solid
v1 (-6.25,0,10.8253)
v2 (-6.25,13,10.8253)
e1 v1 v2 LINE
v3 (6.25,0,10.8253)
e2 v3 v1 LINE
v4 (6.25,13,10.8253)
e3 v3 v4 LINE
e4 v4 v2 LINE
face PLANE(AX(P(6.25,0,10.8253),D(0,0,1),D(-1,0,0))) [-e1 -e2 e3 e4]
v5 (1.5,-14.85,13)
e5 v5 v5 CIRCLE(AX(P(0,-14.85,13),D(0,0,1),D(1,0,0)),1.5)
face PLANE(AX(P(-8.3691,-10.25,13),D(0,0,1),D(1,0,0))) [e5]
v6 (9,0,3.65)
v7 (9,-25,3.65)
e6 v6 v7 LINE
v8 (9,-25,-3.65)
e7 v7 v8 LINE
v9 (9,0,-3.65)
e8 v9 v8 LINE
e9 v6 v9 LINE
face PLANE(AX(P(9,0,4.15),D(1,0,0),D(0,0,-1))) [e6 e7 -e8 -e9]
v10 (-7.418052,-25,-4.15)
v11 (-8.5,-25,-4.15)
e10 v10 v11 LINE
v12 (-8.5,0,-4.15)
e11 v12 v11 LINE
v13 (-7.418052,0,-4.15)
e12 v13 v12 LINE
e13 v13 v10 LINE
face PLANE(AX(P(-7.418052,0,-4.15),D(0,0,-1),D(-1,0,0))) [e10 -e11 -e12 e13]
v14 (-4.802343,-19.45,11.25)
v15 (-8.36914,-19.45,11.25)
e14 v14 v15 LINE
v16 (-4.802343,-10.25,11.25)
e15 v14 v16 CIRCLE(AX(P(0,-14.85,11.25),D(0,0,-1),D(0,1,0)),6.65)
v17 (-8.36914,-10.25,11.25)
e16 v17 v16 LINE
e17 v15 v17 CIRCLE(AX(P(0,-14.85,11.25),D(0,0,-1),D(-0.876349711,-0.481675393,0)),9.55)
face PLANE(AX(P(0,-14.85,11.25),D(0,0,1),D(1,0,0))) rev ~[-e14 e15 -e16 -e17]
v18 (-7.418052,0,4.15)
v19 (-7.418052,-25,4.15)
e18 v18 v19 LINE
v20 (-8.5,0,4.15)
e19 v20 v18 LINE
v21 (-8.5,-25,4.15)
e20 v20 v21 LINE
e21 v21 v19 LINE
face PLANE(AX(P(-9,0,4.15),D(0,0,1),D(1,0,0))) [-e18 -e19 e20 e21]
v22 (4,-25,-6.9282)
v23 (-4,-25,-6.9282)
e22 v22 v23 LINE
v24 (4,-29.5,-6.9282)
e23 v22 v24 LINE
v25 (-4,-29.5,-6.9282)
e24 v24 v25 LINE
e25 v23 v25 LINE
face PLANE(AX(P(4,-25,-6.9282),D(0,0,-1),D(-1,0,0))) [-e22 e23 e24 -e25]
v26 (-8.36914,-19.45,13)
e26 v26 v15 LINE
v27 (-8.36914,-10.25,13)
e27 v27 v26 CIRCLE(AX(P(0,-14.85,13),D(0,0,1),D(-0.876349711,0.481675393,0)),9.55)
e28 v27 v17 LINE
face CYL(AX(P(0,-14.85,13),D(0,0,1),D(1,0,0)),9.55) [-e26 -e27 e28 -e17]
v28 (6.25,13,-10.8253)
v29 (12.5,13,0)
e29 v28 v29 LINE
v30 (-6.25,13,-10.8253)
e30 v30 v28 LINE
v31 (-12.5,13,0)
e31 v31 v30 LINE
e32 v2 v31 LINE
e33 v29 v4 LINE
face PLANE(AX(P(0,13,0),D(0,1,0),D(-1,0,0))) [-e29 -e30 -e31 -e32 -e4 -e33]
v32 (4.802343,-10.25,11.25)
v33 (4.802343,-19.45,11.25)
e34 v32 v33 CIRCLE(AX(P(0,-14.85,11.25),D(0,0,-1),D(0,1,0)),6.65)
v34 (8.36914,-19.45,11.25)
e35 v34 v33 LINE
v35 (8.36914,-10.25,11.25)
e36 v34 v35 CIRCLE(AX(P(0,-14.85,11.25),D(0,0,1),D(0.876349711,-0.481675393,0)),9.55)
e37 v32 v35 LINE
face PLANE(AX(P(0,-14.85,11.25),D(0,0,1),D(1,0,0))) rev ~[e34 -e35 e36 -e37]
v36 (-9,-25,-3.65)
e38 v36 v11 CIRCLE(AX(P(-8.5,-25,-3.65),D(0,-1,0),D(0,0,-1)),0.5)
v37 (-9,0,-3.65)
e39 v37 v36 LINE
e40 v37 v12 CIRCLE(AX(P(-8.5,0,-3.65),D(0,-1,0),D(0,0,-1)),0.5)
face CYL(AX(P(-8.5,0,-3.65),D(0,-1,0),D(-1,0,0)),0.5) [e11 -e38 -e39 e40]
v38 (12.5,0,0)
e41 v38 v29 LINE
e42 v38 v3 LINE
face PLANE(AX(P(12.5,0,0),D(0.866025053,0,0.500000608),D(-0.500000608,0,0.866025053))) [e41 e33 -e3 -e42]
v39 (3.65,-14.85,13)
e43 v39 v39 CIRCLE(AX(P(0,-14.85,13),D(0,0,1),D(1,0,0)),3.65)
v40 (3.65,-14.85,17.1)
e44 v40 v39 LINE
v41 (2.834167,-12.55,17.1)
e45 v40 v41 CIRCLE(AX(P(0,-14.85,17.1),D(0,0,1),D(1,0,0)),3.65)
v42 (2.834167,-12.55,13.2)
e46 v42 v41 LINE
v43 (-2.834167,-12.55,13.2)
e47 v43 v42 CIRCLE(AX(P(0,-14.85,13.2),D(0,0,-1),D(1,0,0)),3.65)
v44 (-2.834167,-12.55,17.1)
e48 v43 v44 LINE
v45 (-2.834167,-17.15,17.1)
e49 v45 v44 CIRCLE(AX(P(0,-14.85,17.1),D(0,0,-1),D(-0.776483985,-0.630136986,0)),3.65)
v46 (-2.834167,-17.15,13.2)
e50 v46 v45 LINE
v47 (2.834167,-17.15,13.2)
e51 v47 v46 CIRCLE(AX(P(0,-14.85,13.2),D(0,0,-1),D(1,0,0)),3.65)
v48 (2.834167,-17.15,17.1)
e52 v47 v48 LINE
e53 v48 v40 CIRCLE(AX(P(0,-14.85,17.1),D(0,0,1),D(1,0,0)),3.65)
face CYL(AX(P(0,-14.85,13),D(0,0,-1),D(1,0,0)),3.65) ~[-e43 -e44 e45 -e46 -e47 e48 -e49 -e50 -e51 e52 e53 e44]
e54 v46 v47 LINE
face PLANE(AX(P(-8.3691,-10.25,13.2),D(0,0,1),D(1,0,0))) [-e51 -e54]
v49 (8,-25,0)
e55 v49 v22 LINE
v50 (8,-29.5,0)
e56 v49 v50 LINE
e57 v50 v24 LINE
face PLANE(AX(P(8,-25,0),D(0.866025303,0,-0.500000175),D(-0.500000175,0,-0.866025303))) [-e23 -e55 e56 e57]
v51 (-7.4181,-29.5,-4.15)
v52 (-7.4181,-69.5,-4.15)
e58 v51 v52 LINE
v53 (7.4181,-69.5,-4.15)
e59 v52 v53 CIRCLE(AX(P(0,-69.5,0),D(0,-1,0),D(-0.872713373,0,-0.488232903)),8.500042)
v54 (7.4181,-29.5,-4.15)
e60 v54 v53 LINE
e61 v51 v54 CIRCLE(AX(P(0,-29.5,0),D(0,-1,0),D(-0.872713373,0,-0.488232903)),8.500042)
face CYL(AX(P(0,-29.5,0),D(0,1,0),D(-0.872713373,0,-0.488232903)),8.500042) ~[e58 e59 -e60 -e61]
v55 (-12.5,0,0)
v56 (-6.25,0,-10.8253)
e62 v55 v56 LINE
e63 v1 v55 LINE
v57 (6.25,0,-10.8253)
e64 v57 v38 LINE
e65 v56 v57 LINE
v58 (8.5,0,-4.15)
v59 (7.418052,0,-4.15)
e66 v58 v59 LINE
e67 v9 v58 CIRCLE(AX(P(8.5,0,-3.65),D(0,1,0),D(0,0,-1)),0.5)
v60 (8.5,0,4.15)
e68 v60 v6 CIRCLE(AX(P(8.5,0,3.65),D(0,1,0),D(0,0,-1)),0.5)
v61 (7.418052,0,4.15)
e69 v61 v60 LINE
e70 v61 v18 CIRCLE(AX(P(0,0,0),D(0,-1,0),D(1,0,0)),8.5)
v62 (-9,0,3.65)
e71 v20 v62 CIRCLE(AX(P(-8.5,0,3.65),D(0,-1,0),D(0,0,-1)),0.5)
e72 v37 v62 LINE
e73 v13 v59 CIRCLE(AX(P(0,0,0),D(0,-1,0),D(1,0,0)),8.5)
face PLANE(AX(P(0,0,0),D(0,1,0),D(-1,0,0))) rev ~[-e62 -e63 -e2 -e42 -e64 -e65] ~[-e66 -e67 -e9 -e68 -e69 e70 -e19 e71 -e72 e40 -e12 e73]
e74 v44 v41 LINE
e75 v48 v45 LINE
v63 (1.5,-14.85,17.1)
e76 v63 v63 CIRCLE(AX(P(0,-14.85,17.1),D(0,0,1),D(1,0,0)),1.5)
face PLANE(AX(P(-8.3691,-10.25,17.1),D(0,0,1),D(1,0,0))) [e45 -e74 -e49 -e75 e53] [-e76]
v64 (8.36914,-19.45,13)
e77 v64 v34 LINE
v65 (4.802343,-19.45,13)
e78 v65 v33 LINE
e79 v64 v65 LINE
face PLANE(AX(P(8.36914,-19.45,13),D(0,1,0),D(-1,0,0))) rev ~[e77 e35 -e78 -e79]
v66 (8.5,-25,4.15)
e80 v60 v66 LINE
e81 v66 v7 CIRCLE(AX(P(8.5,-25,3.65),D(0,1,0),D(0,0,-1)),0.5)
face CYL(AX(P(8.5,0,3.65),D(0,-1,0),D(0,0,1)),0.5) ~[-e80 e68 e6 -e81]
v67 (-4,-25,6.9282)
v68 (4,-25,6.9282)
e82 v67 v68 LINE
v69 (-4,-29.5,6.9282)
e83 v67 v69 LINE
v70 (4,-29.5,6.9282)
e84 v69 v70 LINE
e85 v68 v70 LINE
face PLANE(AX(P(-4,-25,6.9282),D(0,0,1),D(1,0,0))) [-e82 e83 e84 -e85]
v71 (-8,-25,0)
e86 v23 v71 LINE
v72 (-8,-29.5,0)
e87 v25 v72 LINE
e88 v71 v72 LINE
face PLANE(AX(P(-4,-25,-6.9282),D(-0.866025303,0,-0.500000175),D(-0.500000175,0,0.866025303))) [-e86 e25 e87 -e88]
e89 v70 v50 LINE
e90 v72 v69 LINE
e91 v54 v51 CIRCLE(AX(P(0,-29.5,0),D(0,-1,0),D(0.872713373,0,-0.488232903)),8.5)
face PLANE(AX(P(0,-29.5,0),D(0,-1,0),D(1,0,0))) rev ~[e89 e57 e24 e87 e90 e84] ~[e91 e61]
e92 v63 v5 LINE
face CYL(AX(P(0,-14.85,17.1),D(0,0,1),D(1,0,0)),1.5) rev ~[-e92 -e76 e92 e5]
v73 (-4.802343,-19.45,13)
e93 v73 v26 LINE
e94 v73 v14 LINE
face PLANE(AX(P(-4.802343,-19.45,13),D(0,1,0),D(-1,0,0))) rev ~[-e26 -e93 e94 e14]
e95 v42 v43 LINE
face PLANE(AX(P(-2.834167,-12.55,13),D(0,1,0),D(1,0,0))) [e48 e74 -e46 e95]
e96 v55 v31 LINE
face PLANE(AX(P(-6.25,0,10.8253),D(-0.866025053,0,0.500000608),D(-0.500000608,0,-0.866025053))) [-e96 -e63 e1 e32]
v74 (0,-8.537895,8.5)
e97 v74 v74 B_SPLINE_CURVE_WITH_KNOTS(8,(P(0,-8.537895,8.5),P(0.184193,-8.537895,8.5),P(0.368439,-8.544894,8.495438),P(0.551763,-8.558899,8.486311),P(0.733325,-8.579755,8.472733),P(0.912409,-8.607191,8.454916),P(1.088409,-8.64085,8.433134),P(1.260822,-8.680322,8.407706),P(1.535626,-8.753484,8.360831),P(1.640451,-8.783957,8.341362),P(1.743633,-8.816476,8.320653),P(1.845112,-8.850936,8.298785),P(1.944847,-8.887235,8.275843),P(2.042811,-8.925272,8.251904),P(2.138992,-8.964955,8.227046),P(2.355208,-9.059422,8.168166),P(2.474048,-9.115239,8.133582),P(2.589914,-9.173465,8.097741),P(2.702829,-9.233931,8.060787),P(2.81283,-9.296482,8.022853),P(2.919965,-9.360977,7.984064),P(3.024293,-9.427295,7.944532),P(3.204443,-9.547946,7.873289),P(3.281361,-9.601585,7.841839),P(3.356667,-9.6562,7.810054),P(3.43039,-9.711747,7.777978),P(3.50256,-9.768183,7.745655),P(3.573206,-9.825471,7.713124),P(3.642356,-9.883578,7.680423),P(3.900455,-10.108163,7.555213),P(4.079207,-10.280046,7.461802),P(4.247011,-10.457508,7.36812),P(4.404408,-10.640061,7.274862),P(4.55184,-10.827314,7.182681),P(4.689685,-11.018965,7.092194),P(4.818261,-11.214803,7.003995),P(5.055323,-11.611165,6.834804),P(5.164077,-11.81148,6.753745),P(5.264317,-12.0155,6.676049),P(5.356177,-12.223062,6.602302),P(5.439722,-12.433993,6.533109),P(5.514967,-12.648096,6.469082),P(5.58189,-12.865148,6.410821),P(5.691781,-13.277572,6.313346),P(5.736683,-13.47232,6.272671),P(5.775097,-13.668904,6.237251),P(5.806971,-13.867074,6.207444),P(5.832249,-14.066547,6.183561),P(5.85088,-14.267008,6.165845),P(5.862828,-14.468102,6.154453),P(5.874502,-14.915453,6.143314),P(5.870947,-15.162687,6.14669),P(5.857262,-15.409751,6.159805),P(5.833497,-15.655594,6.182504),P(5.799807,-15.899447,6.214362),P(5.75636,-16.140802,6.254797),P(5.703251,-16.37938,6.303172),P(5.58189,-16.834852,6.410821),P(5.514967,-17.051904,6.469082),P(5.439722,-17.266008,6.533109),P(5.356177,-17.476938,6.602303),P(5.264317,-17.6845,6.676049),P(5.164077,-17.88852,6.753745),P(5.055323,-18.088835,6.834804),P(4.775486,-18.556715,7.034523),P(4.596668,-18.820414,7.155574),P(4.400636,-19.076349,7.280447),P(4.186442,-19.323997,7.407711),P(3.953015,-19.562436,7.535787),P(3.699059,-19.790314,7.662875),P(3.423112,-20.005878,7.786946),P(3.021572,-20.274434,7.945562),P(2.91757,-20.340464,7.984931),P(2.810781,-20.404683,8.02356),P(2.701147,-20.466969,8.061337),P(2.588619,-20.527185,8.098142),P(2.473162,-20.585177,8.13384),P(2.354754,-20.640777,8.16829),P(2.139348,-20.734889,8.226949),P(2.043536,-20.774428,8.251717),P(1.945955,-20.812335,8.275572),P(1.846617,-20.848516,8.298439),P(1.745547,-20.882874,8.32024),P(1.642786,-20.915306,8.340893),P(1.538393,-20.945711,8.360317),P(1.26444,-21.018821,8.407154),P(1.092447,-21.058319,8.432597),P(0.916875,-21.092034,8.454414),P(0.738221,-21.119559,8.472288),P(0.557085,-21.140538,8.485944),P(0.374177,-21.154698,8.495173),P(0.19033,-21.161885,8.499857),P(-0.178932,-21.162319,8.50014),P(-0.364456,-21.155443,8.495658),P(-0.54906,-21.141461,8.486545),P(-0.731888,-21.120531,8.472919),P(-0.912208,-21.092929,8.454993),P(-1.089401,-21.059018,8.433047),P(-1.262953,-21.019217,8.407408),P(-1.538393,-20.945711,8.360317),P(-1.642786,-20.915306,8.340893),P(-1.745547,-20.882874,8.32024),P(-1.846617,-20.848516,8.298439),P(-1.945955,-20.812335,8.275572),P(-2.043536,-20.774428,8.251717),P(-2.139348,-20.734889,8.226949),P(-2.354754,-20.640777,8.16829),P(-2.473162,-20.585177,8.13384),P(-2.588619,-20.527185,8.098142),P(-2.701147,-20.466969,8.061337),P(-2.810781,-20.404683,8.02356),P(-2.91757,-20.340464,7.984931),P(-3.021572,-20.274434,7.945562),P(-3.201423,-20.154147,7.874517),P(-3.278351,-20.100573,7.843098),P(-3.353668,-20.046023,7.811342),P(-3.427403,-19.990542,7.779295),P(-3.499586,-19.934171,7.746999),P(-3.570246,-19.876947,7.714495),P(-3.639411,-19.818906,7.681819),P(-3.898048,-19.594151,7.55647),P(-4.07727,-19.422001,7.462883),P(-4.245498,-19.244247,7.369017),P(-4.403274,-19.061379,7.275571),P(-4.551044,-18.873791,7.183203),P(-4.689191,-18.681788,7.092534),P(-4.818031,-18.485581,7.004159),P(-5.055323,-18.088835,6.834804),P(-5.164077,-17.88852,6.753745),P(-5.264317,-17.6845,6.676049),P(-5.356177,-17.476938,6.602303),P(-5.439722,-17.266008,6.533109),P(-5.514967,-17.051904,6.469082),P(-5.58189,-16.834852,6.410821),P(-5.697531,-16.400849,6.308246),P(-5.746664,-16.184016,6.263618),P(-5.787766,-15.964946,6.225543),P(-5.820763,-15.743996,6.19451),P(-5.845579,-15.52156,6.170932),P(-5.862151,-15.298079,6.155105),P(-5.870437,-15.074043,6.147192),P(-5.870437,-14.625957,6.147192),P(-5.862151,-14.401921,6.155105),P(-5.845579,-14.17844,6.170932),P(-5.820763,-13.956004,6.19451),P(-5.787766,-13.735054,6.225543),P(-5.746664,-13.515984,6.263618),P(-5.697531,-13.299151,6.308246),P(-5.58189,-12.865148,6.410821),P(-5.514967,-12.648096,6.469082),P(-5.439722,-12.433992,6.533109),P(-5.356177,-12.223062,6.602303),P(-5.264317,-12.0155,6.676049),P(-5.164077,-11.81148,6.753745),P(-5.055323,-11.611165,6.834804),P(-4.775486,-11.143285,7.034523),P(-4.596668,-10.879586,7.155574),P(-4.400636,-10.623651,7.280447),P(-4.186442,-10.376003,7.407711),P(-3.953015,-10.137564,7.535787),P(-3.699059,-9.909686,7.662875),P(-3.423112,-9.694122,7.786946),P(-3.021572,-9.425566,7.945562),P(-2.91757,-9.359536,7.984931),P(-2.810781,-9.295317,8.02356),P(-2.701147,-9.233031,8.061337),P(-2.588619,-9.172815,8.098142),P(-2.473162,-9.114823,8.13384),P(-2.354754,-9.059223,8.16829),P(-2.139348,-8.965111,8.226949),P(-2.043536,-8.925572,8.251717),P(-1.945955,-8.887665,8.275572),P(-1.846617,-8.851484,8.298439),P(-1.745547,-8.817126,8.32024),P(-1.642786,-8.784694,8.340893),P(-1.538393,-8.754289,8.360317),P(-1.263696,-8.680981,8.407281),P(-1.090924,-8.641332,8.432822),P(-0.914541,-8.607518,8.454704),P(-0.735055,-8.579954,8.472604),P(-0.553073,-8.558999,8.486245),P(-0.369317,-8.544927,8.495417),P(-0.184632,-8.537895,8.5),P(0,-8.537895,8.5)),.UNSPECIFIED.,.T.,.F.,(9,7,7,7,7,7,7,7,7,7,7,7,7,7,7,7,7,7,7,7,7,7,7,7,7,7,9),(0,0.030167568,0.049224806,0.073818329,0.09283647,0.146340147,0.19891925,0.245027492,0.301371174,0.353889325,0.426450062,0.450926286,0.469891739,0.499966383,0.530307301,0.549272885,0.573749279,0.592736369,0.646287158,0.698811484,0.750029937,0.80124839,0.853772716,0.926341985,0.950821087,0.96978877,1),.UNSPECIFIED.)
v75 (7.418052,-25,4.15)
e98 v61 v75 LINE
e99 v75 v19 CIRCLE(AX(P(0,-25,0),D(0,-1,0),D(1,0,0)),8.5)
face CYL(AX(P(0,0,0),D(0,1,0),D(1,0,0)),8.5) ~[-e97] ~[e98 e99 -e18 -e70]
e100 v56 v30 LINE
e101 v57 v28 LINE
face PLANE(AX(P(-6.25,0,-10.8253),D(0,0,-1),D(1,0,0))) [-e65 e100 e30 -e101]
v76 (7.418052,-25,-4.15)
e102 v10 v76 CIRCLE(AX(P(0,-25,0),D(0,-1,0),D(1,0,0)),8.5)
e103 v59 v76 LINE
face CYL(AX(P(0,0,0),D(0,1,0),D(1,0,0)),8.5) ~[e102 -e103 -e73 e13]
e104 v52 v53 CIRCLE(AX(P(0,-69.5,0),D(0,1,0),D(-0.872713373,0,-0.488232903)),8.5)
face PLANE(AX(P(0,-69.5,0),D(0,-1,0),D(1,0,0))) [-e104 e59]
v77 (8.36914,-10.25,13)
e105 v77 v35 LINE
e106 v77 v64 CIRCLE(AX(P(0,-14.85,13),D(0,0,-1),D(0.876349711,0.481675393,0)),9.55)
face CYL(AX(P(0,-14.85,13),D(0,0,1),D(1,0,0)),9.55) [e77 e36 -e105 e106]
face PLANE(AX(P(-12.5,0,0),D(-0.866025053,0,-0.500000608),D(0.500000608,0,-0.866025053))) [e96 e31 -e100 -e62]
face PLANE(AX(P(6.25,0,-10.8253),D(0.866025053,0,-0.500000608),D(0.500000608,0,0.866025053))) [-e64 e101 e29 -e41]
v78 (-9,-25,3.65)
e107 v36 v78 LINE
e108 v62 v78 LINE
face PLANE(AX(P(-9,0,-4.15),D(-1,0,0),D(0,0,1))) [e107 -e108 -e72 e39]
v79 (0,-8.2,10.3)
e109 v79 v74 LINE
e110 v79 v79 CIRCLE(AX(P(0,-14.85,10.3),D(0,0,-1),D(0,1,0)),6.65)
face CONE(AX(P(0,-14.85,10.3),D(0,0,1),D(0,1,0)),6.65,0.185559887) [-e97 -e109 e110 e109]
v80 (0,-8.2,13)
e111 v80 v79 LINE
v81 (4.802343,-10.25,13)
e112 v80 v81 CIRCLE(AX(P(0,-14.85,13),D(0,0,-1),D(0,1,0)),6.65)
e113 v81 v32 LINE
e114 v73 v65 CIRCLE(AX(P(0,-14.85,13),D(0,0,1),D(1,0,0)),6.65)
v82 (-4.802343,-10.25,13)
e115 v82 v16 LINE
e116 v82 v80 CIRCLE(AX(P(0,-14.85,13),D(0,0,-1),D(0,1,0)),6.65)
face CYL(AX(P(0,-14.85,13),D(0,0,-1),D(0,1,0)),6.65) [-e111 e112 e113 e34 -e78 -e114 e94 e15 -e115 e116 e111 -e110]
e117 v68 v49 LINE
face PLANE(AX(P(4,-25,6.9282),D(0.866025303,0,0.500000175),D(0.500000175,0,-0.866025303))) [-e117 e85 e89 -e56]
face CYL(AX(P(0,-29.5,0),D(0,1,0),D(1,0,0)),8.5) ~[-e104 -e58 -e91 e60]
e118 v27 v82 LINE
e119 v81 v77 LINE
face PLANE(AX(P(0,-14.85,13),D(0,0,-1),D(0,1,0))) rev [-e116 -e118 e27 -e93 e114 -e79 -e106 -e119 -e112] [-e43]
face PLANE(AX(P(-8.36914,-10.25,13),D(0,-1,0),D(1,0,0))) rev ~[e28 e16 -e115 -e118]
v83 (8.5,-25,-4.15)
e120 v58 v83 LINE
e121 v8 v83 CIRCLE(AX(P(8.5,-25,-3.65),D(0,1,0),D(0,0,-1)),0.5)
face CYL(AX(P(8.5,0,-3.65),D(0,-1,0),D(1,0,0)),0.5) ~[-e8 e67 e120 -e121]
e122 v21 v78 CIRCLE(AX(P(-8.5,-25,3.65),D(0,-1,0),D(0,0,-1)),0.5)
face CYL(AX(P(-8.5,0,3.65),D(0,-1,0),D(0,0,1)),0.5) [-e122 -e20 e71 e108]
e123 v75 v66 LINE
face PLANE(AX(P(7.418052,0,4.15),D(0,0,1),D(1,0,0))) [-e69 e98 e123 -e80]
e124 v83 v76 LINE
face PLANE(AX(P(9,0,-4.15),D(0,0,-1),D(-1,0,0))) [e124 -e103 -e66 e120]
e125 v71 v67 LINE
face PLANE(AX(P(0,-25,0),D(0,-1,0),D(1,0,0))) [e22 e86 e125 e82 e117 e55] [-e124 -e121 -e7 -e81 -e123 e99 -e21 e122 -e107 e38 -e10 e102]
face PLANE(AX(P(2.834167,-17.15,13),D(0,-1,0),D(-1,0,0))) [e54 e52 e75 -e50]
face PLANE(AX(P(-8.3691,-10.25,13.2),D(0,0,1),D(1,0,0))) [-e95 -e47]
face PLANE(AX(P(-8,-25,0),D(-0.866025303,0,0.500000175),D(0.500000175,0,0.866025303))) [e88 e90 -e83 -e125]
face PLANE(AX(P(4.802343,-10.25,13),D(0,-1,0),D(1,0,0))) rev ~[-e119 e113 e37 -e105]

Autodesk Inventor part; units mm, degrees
ref_plane "YZ Plane" through (0, 0, 0) normal (1, 0, 0) x (0, 1, 0)
ref_plane "XZ Plane" through (0, 0, 0) normal (0, 1, 0) x (-1, 0, 0)
ref_plane "XY Plane" through (0, 0, 0) normal (0, 0, 1) x (1, 0, 0)
sketch "스케치1" plane through (0, 0, 0) normal (0, 1, 0) x (-1, 0, 0)
  line L0 (12.5, 0) -> (6.25, -10.8253)
  line L1 (6.25, -10.8253) -> (-6.25, -10.8253)
  line L2 (-6.25, -10.8253) -> (-12.5, 0)
  line L3 (-12.5, 0) -> (-6.25, 10.8253)
  line L4 (-6.25, 10.8253) -> (6.25, 10.8253)
  line L5 (6.25, 10.8253) -> (12.5, 0)
  point P0 (0, 0)
  point P1 (0, 0)
  dimension "d0" = 25
extrude "돌출1" add sketch "스케치1" along normal blind 13
sketch "스케치2" plane through (0, 0, 0) normal (0, -1, 0) x (1, 0, 0)
  circle A0 centre (0, 0) radius 8.5
  line L0 (-9, 4.15) -> (9, 4.15)
  line L1 (9, 4.15) -> (9, -4.15)
  line L2 (9, -4.15) -> (-9, -4.15)
  line L3 (-9, -4.15) -> (-9, 4.15)
  line L4 (-9, 4.15) -> (9, -4.15) construction
  line L5 (9, 4.15) -> (-9, -4.15) construction
  point P0 (7.4181, -4.15)
  point P1 (7.4181, 4.15)
  point P2 (-7.4181, -4.15)
  point P3 (-7.4181, 4.15)
  dimension "d3" = 17
  dimension "d4" = 18
  dimension "d5" = 8.3
extrude "돌출2" add sketch "스케치2" along normal blind 25
sketch "스케치3" plane through (0, -25, 0) normal (0, -1, 0) x (1, 0, 0)
  line L0 (8, 0) -> (4, -6.9282)
  line L1 (4, -6.9282) -> (-4, -6.9282)
  line L2 (-4, -6.9282) -> (-8, 0)
  line L3 (-8, 0) -> (-4, 6.9282)
  line L4 (-4, 6.9282) -> (4, 6.9282)
  line L5 (4, 6.9282) -> (8, 0)
  point P0 (0, 0)
  point P1 (0, 0)
  dimension "d8" = 16
extrude "돌출3" add sketch "스케치3" along normal blind 4.5
sketch "스케치4" plane through (0, -29.5, 0) normal (0, -1, 0) x (1, 0, 0)
  arc A0 (-7.4181, -4.15) -> (7.4181, -4.15) centre (0, 0) ccw projected
  circle A1 centre (0, 0) radius 8.5
  point P0 (7.4181, -4.15)
  dimension "d11" = 17
extrude "돌출4" add sketch "스케치4" along normal blind 40
fillet "모깎기1" radius 0.5 4 edges at (-9, -12.5, 4.15) (9, -12.5, 4.15) (9, -12.5, -4.15) (-9, -12.5, -4.15)
sketch "스케치5" plane through (0, 0, 0) normal (1, 0, 0) x (0, 1, 0)
  line L0 (-8.2, 4) -> (-21.5, 4)
  line L1 (-21.5, 4) -> (-21.5, 13)
  line L2 (-21.5, 13) -> (-8.2, 13)
  line L3 (-8.2, 13) -> (-8.2, 4)
  line L4 (0, 8.5) -> (-25, 8.5) construction
  line L5 (-8.2, 4) -> (-21.5, 13) construction
  line L6 (-21.5, 4) -> (-8.2, 13) construction
  line L7 (-25, 8.5) -> (-25, 4.15) projected
  line L8 (-12.35, 13) -> (-17.35, 13)
  line L9 (-17.35, 13) -> (-17.35, 4)
  line L10 (-17.35, 4) -> (-12.35, 4)
  line L11 (-12.35, 4) -> (-12.35, 13)
  line L12 (-12.35, 13) -> (-17.35, 4) construction
  line L13 (-17.35, 13) -> (-12.35, 4) construction
  line L14 (-14.85, 13) -> (-14.85, 4)
  line L15 (-8.2, 4) -> (-14.5, 4)
  line L16 (-14.5, 4) -> (-14.5, 4.9729)
  line L17 (-14.5, 4.9729) -> (-8.2, 4.9729)
  line L18 (-8.2, 4.9729) -> (-8.2, 4)
  line L19 (-12.35, 4) -> (-12.35, 4.9729)
  line L20 (-14.5, 4.9729) -> (-17.35, 4.9729)
  line L21 (-17.35, 4.9729) -> (-17.35, 4)
  line L22 (-8.2, 13) -> (-8.2, 10.3)
  line L23 (-8.2, 10.3) -> (-9.2, 4.9729)
  point P0 (0, 0)
  point P1 (-14.85, 8.5)
  point P2 (-14.5, 7.2)
  point P3 (-14.85, 4.9729)
  point P4 (-12.35, 4.9729)
  dimension "d15" = 13.3
  dimension "d17" = 9
  dimension "d18" = 5
  dimension "d31" = 3.5
  dimension "d32" = 2.7
  dimension "d33" = 1
revolve "회전1" add sketch "스케치5" angle 360 about axis through (0, -14.85, 13) along (0, 0, -1) contours L0 L16 L17 L11 | L17 L20 L14 L2 L11 | L11 L2 L3 L23 L17
sketch "스케치8" plane through (0, -14.85, 13) normal (0, 0, 1) x (1, 0, 0)
  circle A0 centre (0, 0) radius 9.55
  line L0 (-9.55, 4.6) -> (9.55, 4.6)
  line L1 (9.55, 4.6) -> (9.55, -4.6)
  line L2 (9.55, -4.6) -> (-9.55, -4.6)
  line L3 (-9.55, -4.6) -> (-9.55, 4.6)
  line L4 (-9.55, 4.6) -> (9.55, -4.6) construction
  line L5 (9.55, 4.6) -> (-9.55, -4.6) construction
  circle A1 centre (0, 0) radius 6.65 projected
  point P0 (0, 14.85)
  point P1 (-4.8023, 4.6)
  point P2 (-8.3691, 4.6)
  point P3 (-8.3691, -4.6)
  point P4 (-4.8023, -4.6)
  point P5 (4.8023, -4.6)
  point P6 (8.3691, -4.6)
  point P7 (8.3691, 4.6)
  point P8 (4.8023, 4.6)
  dimension "d34" = 19.1
  dimension "d35" = 9.2
extrude "돌출7" add sketch "스케치8" against normal blind 1.75 contours A0 L2 A1 L0 | L0 A1 L2 A0 | A1 L2 L0 | L0 A1 | A1 L2
sketch "스케치9" plane through (-8.3691, -10.25, 13) normal (0, 0, 1) x (1, 0, 0)
  arc A0 (13.1715, 0) -> (3.5668, 0) centre (8.3691, -4.6) ccw projected
  circle A1 centre (8.3691, -4.6) radius 3.65
  line L0 (4.7191, -2.3) -> (12.0191, -2.3)
  line L1 (12.0191, -2.3) -> (12.0191, -6.9)
  line L2 (12.0191, -6.9) -> (4.7191, -6.9)
  line L3 (4.7191, -6.9) -> (4.7191, -2.3)
  line L4 (4.7191, -2.3) -> (12.0191, -6.9) construction
  line L5 (12.0191, -2.3) -> (4.7191, -6.9) construction
  point P0 (8.3691, 10.25)
  point P1 (5.535, -6.9)
  point P2 (11.2033, -6.9)
  point P3 (11.2033, -2.3)
  point P4 (5.535, -2.3)
  dimension "d38" = 7.3
  dimension "d39" = 4.6
extrude "돌출8" add sketch "스케치9" along normal blind 0.2 contours A1 L2 L0 | L0 A1 | A1 L2
extrude "돌출9" add sketch "스케치9" along normal blind 4.1 contours A1 L2 L0
sketch "스케치10" plane through (-8.3691, -10.25, 17.1) normal (0, 0, 1) x (1, 0, 0)
  arc A0 (11.2033, -6.9) -> (11.2033, -2.3) centre (8.3691, -4.6) ccw projected
  circle A1 centre (8.3691, -4.6) radius 1.5
  point P0 (8.3691, 10.25)
  dimension "d44" = 3
extrude "돌출10" cut sketch "스케치10" against normal blind 4.1
sketch "스케치11" plane through (9, 0, 3.65) normal (1, 0, 0) x (0, 0, -1)
  point P0 (3.65, 0)
properties part number "가스벨브 역설계"
